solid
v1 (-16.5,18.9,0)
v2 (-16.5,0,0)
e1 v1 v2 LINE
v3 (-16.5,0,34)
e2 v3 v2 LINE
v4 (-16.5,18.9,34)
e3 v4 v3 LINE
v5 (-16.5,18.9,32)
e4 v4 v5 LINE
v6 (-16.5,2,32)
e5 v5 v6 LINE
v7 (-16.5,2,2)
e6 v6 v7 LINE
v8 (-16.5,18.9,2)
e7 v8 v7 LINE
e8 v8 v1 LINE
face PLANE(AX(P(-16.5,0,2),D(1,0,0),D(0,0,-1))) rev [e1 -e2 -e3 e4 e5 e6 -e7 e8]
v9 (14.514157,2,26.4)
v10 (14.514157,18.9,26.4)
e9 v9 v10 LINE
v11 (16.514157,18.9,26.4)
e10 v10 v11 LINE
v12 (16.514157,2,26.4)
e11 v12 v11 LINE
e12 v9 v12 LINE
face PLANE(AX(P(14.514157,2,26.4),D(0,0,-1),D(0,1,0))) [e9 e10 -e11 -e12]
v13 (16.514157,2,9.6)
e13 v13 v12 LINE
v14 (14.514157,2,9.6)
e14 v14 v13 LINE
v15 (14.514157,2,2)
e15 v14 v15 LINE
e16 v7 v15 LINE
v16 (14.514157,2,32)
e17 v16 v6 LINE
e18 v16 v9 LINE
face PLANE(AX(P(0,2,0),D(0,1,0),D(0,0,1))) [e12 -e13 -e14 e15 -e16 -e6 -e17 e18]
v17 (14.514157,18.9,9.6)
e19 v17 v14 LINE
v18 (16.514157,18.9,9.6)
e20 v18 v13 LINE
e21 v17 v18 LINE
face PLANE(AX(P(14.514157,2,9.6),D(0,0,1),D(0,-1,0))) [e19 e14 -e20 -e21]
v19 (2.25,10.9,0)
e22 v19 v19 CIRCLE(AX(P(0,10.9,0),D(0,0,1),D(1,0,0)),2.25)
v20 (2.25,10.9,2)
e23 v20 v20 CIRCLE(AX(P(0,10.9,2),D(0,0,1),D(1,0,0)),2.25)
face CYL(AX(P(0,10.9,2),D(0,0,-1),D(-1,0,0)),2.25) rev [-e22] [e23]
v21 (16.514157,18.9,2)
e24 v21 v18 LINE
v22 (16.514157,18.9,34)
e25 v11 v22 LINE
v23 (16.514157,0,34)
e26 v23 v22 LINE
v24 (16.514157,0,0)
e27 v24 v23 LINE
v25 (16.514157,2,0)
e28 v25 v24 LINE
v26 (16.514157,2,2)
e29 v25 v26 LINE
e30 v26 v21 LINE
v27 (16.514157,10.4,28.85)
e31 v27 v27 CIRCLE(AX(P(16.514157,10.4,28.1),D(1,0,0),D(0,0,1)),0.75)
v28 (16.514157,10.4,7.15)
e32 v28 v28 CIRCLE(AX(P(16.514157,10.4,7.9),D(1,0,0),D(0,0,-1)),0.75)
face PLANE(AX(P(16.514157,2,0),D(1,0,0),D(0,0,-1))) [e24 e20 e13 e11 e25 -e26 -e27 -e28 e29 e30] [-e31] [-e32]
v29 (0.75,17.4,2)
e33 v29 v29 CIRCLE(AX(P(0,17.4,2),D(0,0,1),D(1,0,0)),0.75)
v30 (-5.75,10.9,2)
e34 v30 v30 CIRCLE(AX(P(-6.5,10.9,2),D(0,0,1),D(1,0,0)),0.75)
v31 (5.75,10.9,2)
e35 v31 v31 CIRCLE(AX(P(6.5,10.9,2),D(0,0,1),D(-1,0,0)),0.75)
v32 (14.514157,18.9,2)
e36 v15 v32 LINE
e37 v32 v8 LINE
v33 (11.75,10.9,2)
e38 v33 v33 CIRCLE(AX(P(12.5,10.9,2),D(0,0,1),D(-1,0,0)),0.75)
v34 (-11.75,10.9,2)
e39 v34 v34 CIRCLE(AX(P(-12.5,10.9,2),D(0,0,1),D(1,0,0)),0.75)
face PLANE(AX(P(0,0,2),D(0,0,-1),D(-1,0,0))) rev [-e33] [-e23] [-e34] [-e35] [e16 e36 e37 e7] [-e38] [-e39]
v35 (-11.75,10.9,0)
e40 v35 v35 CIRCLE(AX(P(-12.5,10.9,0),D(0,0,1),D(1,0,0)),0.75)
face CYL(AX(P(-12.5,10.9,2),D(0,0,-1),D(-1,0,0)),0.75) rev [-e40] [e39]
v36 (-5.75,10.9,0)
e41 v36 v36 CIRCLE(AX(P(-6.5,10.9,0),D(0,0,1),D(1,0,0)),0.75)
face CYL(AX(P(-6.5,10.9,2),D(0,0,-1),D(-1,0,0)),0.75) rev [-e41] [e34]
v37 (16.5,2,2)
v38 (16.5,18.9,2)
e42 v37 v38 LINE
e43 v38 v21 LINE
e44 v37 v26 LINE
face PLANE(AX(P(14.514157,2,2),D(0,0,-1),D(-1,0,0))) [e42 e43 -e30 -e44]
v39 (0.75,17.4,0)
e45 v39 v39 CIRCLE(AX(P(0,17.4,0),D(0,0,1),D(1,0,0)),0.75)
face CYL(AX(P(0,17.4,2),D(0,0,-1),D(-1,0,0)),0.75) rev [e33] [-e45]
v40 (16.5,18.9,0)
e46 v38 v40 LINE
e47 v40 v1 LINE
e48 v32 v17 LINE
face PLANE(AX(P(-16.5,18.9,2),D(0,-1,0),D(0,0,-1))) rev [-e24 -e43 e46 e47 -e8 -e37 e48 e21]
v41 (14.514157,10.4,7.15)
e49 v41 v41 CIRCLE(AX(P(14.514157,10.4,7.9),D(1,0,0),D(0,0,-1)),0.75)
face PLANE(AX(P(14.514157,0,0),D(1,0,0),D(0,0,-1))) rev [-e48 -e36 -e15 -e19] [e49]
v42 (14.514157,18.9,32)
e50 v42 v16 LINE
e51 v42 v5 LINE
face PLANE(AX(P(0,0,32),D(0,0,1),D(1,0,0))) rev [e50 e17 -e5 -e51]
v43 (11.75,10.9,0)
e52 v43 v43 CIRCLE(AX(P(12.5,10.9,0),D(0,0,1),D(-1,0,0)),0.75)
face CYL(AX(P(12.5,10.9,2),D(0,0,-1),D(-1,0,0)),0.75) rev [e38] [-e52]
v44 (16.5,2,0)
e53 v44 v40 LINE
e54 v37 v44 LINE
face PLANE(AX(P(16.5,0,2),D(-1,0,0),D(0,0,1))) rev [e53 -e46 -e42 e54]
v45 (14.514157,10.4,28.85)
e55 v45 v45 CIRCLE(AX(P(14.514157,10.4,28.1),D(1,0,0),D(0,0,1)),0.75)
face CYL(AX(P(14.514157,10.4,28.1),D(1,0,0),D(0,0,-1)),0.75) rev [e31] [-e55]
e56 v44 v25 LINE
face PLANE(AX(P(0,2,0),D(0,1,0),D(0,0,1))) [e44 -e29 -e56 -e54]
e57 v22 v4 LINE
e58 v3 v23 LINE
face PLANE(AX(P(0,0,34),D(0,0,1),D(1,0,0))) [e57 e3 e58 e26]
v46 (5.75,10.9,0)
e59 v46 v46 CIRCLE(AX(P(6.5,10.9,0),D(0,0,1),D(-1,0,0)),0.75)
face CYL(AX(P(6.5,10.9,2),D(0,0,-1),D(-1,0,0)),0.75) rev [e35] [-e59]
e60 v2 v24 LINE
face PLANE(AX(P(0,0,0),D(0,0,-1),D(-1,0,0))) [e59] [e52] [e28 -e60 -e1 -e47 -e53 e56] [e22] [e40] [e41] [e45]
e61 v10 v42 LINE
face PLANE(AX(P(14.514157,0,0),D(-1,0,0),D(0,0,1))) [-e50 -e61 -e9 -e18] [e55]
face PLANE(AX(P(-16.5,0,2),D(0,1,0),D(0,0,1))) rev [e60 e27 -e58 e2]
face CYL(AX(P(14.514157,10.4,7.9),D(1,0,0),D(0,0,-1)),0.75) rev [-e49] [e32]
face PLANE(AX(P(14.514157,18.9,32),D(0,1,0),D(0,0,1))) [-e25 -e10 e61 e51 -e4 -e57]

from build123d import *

# Parameters (mm, degrees)
SKETCH_1_W      = 33
SKETCH_1_H      = 18.9
SKETCH_1_R      = 2.25
SKETCH_1_R_2    = 0.75
EXTRUDE_1_DEPTH = 2
SKETCH_3_W      = 33.014157098
SKETCH_3_H      = 32
EXTRUDE_2_DEPTH = 2
SKETCH_7_W      = 5.6
SKETCH_7_H      = 16.9
SKETCH_7_R      = 0.75
SKETCH_7_W_2    = 7.6
EXTRUDE_3_DEPTH = 2
SKETCH_8_W      = 33.014157098
SKETCH_8_H      = 18.9
EXTRUDE_4_DEPTH = 2


with BuildPart() as part:
    # 草图1 → 凸台-拉伸1 (new body)
    with BuildSketch(Plane.XY):
        with Locations((0, 9.45)):
            Rectangle(SKETCH_1_W, SKETCH_1_H)
        with Locations((0, 10.9)):
            Circle(SKETCH_1_R, mode=Mode.SUBTRACT)
        with Locations((0, 17.4)):
            Circle(SKETCH_1_R_2, mode=Mode.SUBTRACT)
        with Locations((-6.5, 10.9)):
            Circle(SKETCH_1_R_2, mode=Mode.SUBTRACT)
        with Locations((-12.5, 10.9)):
            Circle(SKETCH_1_R_2, mode=Mode.SUBTRACT)
        with Locations(Location((6.5, 10.9, 0), (0, 0, 180))):
            Circle(SKETCH_1_R_2, mode=Mode.SUBTRACT)
        with Locations(Location((12.5, 10.9, 0), (0, 0, 180))):
            Circle(SKETCH_1_R_2, mode=Mode.SUBTRACT)
    extrude(amount=EXTRUDE_1_DEPTH)

    # 草图3 → 凸台-拉伸2 (add)
    with BuildSketch(Plane.XZ):
        with Locations((0.007078549, 16)):
            Rectangle(SKETCH_3_W, SKETCH_3_H)
    extrude(amount=-EXTRUDE_2_DEPTH)

    # 草图7 → 凸台-拉伸3 (add)
    # profile 1 of 2: a face of its own
    with BuildSketch(Plane(origin=(16.514157098, 0, 0), x_dir=(0, 0, -1), z_dir=(1, 0, 0))):
        with Locations((-29.2, 10.45)):
            Rectangle(SKETCH_7_W, SKETCH_7_H)
        with Locations(Location((-28.1, 10.4, 0), (0, 0, 180))):
            Circle(SKETCH_7_R, mode=Mode.SUBTRACT)
    # profile 2 of 2: a face of its own
    with BuildSketch(Plane(origin=(16.514157098, 0, 0), x_dir=(0, 0, -1), z_dir=(1, 0, 0))):
        with Locations((-5.8, 10.45)):
            Rectangle(SKETCH_7_W_2, SKETCH_7_H)
        with Locations((-7.9, 10.4)):
            Circle(SKETCH_7_R, mode=Mode.SUBTRACT)
    extrude(amount=-EXTRUDE_3_DEPTH)

    # 草图8 → 凸台-拉伸4 (add)
    with BuildSketch(Plane.XY.offset(32)):
        with Locations((0.007078549, 9.45)):
            Rectangle(SKETCH_8_W, SKETCH_8_H)
    extrude(amount=EXTRUDE_4_DEPTH)


solid = part.part
